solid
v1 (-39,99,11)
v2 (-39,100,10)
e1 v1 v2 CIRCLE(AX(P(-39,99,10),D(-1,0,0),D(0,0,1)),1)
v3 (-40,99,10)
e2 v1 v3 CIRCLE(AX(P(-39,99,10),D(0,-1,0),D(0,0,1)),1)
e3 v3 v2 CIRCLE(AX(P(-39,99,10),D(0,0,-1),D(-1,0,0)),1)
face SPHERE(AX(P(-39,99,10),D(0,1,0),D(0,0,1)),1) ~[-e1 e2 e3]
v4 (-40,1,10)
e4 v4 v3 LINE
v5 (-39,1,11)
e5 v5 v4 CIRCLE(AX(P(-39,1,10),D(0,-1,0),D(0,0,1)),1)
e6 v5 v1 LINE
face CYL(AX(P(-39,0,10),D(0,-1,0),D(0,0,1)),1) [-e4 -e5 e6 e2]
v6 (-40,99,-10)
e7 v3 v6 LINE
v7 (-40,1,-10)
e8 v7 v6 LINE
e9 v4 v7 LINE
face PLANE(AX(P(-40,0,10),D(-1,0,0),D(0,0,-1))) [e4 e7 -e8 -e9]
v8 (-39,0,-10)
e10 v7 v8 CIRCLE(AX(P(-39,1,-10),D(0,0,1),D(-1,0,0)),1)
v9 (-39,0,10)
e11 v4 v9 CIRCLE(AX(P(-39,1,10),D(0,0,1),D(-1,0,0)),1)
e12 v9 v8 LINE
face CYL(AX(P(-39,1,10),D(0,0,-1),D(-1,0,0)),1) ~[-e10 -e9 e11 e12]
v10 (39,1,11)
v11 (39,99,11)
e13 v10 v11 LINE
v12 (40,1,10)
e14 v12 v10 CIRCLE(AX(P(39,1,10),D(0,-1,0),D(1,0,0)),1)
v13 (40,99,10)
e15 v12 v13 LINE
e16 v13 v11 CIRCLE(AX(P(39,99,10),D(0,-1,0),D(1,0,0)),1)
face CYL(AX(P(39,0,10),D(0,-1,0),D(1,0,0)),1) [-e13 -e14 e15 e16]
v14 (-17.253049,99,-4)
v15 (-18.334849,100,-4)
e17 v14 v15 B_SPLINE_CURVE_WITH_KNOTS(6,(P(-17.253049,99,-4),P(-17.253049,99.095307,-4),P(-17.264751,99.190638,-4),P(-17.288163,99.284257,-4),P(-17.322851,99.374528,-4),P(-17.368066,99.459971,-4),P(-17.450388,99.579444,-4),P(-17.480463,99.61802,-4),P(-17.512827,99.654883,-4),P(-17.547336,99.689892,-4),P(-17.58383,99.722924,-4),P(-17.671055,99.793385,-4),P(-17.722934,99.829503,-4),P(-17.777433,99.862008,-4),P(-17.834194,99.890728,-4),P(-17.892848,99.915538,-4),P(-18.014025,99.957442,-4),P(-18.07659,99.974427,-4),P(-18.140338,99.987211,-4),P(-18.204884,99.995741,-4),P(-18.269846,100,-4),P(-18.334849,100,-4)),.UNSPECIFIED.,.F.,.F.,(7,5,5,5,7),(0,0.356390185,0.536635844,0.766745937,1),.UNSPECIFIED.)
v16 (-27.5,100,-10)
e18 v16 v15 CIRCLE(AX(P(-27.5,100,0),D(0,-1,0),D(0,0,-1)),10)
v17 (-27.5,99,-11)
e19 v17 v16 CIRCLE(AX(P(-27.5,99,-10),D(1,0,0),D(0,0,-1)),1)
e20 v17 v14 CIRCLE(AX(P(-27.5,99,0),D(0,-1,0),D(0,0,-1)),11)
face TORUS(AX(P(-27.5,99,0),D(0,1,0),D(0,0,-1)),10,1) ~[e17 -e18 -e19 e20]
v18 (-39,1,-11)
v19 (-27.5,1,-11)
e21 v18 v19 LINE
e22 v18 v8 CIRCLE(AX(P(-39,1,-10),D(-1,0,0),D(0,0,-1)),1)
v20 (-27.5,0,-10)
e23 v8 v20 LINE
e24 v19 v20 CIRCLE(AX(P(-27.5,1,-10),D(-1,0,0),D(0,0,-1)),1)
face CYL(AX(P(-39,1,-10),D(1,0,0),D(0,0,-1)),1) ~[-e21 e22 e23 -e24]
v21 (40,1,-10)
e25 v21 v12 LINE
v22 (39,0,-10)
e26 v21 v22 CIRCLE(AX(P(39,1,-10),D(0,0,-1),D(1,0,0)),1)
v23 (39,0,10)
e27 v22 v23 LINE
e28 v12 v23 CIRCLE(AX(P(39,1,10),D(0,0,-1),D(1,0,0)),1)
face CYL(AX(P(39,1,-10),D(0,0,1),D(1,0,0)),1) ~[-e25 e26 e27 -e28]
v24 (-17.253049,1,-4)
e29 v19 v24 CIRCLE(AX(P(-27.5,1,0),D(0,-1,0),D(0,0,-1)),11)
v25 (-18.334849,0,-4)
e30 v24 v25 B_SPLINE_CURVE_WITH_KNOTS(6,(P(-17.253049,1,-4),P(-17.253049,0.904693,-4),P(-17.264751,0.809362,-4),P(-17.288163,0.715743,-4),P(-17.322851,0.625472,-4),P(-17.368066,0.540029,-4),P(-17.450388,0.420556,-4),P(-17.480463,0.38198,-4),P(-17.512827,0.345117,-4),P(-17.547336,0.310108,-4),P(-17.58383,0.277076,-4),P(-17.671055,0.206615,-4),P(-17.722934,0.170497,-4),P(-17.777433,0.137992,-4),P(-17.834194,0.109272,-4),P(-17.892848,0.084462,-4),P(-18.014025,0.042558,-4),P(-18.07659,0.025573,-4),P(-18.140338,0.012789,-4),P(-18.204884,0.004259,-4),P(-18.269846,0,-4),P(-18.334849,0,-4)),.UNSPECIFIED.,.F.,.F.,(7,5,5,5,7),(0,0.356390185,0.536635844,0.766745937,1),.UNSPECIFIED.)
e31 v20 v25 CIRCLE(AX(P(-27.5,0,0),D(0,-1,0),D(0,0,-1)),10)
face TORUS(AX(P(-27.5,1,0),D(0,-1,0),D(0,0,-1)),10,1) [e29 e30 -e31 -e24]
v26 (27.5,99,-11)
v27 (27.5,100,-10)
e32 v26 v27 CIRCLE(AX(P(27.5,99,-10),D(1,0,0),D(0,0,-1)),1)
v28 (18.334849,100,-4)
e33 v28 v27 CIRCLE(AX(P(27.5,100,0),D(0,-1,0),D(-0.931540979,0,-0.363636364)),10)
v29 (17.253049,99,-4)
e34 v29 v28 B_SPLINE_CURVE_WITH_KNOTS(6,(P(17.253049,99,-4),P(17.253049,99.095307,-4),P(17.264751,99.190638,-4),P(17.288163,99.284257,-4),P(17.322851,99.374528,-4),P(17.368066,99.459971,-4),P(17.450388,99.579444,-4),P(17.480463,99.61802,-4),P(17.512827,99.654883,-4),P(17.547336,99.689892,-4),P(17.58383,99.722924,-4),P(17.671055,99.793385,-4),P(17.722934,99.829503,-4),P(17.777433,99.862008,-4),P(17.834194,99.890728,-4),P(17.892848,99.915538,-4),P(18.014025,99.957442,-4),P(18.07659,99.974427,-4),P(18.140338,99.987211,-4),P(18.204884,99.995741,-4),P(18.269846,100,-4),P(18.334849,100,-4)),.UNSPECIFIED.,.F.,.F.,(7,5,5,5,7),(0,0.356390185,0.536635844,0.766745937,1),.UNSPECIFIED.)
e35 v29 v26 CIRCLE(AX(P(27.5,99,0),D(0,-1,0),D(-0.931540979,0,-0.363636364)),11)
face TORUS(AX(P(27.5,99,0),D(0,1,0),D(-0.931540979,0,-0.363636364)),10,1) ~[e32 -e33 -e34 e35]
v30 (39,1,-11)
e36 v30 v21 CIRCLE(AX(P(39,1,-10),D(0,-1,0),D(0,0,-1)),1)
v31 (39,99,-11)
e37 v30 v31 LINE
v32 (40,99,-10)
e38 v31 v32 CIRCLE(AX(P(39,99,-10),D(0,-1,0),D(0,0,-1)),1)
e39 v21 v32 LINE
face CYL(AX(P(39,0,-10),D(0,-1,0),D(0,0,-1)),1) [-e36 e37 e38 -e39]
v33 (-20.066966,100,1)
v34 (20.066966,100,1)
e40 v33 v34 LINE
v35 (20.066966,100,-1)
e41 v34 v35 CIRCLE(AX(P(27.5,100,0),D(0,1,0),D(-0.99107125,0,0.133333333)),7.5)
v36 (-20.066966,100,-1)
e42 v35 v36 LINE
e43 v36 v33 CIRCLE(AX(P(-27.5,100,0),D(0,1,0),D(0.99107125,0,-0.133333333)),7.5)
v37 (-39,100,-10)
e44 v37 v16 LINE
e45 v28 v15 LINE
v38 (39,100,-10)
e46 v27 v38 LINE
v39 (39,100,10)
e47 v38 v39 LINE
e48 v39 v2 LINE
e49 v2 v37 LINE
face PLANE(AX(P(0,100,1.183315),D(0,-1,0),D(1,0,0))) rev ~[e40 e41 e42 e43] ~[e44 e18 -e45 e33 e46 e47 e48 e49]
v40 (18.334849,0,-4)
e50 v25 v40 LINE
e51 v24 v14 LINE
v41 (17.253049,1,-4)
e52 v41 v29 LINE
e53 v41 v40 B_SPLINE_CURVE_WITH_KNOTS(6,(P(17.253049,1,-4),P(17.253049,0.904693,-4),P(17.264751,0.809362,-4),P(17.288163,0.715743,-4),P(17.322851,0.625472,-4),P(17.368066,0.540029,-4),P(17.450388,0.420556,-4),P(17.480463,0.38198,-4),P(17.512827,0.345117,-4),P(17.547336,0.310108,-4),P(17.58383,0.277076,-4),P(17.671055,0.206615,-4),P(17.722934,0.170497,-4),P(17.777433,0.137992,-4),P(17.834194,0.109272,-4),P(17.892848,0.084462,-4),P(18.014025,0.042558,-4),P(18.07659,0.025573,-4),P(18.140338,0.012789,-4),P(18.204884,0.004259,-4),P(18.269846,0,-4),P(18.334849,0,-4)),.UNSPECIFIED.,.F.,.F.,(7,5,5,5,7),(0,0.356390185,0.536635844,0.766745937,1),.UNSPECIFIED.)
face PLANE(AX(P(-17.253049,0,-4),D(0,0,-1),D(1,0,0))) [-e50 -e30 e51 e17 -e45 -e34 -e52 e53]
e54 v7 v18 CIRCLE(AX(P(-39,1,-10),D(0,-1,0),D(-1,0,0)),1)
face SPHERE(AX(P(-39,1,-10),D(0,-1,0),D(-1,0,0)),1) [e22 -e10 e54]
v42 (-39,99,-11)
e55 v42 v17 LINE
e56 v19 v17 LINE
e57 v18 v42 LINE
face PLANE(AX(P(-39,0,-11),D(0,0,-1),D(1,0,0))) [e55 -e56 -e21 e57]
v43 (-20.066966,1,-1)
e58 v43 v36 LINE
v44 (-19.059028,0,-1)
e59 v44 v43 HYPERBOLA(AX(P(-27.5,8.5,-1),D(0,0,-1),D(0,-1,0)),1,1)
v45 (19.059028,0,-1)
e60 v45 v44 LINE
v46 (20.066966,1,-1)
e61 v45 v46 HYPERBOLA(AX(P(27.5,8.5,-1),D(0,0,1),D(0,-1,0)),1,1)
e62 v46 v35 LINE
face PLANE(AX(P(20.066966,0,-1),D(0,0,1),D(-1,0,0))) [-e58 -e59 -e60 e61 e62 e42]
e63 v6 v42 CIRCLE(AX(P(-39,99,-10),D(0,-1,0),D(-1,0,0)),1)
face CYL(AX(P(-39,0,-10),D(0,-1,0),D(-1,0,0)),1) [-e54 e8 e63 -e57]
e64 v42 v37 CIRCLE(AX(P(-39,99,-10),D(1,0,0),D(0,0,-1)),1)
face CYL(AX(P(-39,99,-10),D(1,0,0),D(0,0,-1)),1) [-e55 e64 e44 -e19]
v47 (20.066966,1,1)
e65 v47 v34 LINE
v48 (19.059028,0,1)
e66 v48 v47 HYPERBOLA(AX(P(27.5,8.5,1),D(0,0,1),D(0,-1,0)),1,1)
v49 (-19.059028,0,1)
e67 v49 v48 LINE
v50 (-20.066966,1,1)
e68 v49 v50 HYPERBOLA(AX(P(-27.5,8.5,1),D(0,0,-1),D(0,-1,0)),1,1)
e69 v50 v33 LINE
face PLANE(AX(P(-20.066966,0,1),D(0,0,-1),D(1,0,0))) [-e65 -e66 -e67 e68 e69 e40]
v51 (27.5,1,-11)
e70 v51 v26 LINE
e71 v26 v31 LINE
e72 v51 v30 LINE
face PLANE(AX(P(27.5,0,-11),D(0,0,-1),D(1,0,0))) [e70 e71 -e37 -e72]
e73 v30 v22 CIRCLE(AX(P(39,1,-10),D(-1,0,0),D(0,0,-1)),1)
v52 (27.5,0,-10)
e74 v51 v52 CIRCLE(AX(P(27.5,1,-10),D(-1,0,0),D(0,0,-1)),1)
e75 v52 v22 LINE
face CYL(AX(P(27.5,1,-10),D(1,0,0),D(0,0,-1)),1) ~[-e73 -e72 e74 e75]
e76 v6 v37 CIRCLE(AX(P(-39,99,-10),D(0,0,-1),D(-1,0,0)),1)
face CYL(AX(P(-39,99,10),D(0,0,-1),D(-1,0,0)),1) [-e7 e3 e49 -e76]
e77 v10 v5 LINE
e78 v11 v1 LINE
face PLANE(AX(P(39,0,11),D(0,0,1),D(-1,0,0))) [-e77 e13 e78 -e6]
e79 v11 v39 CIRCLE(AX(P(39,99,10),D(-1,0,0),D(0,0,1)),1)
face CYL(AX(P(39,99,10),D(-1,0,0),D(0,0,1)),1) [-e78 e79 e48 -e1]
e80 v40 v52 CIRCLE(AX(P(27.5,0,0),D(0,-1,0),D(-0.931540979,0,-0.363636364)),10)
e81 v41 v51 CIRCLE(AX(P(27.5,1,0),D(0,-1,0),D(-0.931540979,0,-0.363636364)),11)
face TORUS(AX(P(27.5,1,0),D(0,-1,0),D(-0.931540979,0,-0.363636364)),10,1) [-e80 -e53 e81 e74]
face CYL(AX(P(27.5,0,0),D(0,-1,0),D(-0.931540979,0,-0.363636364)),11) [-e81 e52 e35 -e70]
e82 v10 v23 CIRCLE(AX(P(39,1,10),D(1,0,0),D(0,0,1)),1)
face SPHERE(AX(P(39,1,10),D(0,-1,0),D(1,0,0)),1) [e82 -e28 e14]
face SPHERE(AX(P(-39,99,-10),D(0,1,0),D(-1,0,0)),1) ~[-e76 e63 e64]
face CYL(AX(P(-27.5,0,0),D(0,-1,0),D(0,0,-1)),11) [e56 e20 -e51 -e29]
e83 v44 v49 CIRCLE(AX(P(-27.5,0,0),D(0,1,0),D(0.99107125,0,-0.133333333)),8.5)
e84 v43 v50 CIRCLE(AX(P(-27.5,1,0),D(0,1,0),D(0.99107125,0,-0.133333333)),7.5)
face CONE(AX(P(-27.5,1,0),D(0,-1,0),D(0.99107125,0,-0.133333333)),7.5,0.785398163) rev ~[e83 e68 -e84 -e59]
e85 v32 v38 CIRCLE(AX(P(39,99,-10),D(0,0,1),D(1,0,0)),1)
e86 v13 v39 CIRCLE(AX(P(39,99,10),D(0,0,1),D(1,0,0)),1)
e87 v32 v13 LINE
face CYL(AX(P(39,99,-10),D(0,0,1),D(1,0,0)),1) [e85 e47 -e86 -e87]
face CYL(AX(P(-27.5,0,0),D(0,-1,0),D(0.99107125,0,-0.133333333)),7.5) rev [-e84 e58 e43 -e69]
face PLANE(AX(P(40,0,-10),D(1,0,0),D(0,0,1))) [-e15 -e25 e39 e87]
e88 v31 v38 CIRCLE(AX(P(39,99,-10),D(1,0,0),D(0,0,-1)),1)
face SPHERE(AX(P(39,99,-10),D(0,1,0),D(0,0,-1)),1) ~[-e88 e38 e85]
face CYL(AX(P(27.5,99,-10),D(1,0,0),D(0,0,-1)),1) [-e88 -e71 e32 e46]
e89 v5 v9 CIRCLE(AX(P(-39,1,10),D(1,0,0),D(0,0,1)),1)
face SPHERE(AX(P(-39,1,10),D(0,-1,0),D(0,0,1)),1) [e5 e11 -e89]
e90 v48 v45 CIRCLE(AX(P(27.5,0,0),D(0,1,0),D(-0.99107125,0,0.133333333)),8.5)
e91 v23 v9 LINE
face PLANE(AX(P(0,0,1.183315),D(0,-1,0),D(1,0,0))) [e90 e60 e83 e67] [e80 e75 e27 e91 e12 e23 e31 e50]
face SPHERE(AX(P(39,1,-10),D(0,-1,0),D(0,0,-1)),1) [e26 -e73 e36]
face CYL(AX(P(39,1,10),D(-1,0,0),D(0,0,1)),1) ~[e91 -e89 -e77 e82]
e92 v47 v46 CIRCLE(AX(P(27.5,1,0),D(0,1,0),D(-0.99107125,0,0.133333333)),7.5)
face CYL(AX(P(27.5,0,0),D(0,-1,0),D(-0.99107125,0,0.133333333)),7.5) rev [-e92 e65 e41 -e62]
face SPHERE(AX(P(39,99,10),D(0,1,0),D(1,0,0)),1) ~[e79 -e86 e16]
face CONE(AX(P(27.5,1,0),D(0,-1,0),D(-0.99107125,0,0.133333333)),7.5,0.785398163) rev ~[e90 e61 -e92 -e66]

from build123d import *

# Parameters (mm, degrees)
F1_DEPTH = 100
F2_R     = 1
F3_SIZE  = 1


with BuildPart() as f1:
    # F0 (on Front) → F1 (new body)
    with BuildSketch(Plane.XZ):
        with BuildLine():
            Line((39, 11), (-39, 11))
            ThreePointArc((-39, 11), (-39.7071067812, 10.7071067812), (-40, 10))
            Line((-40, 10), (-40, -10))
            ThreePointArc((-40, -10), (-39.7071067812, -10.7071067812), (-39, -11))
            Line((-39, -11), (-27.5, -11))
            ThreePointArc((-27.5, -11), (-21.295163177, -9.0829510623), (-17.253049234, -4))
            Line((-17.253049234, -4), (17.253049234, -4))
            ThreePointArc((17.253049234, -4), (21.295163177, -9.0829510623), (27.5, -11))
            Line((27.5, -11), (39, -11))
            ThreePointArc((39, -11), (39.7071067812, -10.7071067812), (40, -10))
            Line((40, -10), (40, 10))
            ThreePointArc((40, 10), (39.7071067812, 10.7071067812), (39, 11))
        make_face()
        with BuildLine():
            ThreePointArc((-20.0669656263, -1), (-35, 0), (-20.0669656263, 1))
            Line((-20.0669656263, 1), (20.0669656263, 1))
            ThreePointArc((20.0669656263, 1), (35, 0), (20.0669656263, -1))
            Line((20.0669656263, -1), (-20.0669656263, -1))
        make_face(mode=Mode.SUBTRACT)
    extrude(amount=-F1_DEPTH)

    # F2
    f2_edges = [f1.edges().sort_by_distance(p)[0] for p in [
        (39, 50, 11),
        (-39, 50, 11),
        (0, 0, 11),
        (0, 100, 11),
    ]]
    fillet(f2_edges, radius=F2_R)

    # F3
    f3_edges = [f1.edges().sort_by_distance(p)[0] for p in [
        (-35, 0, 0),
        (35, 0, 0),
    ]]
    chamfer(f3_edges, length=F3_SIZE)


solid = f1.part
